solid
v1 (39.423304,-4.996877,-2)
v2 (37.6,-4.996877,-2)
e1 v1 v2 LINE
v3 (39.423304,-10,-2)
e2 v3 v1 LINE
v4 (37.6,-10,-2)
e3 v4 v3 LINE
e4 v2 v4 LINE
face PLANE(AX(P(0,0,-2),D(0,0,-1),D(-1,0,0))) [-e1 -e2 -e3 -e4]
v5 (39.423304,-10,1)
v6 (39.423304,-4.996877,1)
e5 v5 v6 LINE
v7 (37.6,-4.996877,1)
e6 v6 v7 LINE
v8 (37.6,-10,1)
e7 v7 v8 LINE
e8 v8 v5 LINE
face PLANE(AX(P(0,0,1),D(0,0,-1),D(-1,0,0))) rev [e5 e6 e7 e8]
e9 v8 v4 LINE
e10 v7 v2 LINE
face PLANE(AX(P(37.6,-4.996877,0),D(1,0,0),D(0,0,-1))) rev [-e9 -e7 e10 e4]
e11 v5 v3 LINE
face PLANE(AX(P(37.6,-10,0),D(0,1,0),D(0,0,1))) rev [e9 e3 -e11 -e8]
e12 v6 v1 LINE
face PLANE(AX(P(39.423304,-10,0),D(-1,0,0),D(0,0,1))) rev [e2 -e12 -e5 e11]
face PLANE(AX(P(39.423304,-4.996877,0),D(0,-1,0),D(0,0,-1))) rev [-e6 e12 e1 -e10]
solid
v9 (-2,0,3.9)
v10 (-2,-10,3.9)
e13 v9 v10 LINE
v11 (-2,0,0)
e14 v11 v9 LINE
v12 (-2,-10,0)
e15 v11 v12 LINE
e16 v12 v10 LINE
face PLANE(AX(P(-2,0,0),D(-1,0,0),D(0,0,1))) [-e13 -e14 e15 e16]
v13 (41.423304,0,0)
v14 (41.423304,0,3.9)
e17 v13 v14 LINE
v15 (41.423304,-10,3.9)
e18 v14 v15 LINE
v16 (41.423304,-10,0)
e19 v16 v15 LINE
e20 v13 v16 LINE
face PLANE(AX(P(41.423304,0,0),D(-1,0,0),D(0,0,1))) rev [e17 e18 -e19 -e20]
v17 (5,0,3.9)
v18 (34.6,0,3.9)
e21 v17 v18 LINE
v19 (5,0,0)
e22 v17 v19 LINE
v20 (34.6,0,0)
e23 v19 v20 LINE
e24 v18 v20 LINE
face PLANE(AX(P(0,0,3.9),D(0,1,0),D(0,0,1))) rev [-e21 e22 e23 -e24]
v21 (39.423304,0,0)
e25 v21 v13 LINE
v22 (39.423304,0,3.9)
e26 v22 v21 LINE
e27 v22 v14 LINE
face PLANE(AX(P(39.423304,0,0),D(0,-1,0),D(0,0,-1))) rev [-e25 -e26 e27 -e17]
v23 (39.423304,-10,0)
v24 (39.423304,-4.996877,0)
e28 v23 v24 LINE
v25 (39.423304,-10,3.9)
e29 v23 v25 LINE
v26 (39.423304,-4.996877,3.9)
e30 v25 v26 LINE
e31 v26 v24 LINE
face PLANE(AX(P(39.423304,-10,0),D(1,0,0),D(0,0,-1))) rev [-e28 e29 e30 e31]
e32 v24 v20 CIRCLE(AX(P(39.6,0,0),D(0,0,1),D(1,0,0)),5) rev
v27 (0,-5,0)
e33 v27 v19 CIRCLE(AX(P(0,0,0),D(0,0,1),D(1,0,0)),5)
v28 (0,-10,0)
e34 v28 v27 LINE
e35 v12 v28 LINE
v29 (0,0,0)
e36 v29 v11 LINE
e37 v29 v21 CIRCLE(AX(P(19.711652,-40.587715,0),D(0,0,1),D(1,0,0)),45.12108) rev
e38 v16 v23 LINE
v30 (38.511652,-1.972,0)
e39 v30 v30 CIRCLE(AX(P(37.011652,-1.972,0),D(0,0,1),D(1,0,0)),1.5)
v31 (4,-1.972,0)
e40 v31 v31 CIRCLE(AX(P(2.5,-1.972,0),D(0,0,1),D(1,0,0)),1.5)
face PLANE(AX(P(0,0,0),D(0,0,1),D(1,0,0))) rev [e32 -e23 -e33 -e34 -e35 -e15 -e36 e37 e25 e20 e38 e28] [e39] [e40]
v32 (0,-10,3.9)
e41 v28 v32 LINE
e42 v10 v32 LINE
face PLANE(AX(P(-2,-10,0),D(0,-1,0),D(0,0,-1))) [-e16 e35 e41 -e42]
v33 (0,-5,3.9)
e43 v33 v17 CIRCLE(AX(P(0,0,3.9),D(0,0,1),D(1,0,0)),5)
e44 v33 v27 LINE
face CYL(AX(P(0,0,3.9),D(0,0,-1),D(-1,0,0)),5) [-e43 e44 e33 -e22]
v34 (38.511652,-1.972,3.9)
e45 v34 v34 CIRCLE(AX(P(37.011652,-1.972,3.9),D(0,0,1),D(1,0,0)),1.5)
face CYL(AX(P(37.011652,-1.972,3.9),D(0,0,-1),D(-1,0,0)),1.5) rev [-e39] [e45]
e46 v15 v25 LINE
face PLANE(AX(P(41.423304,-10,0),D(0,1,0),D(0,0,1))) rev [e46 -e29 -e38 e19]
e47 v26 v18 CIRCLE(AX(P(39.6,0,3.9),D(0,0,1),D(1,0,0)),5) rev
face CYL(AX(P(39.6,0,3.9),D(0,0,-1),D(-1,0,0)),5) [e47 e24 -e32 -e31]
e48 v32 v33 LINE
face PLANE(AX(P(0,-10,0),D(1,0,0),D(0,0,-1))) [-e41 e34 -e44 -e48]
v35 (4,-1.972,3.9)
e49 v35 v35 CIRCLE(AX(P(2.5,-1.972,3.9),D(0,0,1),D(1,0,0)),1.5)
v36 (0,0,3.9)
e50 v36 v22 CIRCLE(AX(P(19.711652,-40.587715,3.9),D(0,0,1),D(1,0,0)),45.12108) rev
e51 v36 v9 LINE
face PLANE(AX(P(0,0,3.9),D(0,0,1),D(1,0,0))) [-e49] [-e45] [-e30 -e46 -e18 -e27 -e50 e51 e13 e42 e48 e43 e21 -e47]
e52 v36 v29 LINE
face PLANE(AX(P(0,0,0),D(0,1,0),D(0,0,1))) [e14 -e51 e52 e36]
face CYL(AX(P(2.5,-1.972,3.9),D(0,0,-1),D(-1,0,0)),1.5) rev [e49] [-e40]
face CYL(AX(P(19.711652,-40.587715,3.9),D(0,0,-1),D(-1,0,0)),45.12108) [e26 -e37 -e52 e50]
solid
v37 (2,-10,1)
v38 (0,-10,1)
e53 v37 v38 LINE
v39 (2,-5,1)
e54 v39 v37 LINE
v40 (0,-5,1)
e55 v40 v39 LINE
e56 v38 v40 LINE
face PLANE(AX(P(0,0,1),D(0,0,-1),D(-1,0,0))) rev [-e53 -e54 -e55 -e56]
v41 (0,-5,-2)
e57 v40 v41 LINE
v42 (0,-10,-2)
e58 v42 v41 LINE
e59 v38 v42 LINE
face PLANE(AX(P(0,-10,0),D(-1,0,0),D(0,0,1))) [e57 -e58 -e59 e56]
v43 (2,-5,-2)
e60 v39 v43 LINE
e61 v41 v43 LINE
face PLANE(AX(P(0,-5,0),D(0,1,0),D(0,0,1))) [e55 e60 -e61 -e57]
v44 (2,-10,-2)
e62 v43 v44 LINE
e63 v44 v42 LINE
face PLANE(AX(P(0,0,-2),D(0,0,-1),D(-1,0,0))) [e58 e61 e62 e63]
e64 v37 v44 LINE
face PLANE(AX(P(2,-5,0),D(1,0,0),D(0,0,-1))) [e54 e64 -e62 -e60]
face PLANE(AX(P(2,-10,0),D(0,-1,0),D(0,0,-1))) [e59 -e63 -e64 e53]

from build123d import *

# Parameters (mm, degrees)
CROQUIS1_R                     = 1.5
SALIENTE_EXTRUIR1_DEPTH        = 3.9
SALIENTE_EXTRUIR2_DEPTH        = 3.9
SALIENTE_EXTRUIR4_DEPTH        = 1
SALIENTE_EXTRUIR4_DEPTH_BACK   = 2
SALIENTE_EXTRUIR4_2_DEPTH      = 1
SALIENTE_EXTRUIR4_2_DEPTH_BACK = 2


with BuildPart() as part:
    # Croquis1 → Saliente-Extruir1 (new body)
    with BuildSketch(Plane.XY):
        with BuildLine():
            ThreePointArc((39.42330407, 0), (19.711652035, 4.533364671), (0, 0))
            Line((0, 0), (0, -5))
            ThreePointArc((0, -5), (3.535533906, -3.535533906), (5, 0))
            Line((5, 0), (34.6, 0))
            ThreePointArc((34.6, 0), (36.002537029, -3.472500565), (39.42330407, -4.996876879))
            Line((39.42330407, -4.996876879), (39.42330407, 0))
        make_face()
        with Locations((2.5, -1.972000375)):
            Circle(CROQUIS1_R, mode=Mode.SUBTRACT)
        with Locations((37.011652035, -1.972000375)):
            Circle(CROQUIS1_R, mode=Mode.SUBTRACT)
    extrude(amount=SALIENTE_EXTRUIR1_DEPTH)

    # Croquis3D3 → Saliente-Extruir2 (add)
    with BuildSketch(Plane(origin=(39.42330407, 0, 0), x_dir=(-0.9720754027566177, -0.2346687268375561, 0), z_dir=(0, 0, 1))):
        Polygon((0, 0), (-1.944150806, 0.469337454), (0.402536463, 10.190091481), (2.346687268, 9.720754028), align=None)
        Polygon((38.322424182, -9.251416574), (40.266574988, -9.720754028), (42.613262256, 0), (40.66911145, 0.469337454), align=None)
    extrude(amount=SALIENTE_EXTRUIR2_DEPTH)


with BuildPart() as body_2:
    # Croquis3D4 → Saliente-Extruir4 (new, two sides: drawn at the far end of the back side and taken through both)
    with BuildSketch(Plane(origin=(39.42330407, -4.996876879, 0), x_dir=(-0.9920431942742338, -0.12589797732360491, 0), z_dir=(0, 0, 1)).offset(-SALIENTE_EXTRUIR4_DEPTH_BACK)):
        Polygon((0, 0), (1.808796394, -0.229550294), (2.438679475, 4.733763947), (0.629883081, 4.963314242), align=None)
    extrude(amount=SALIENTE_EXTRUIR4_DEPTH + SALIENTE_EXTRUIR4_DEPTH_BACK)


with BuildPart() as body_3:
    # Croquis3D4 → Saliente-Extruir4 2 (new, two sides: drawn at the far end of the back side and taken through both)
    with BuildSketch(Plane(origin=(39.42330407, -4.996876879, 0), x_dir=(-0.9920431942742338, -0.12589797732360491, 0), z_dir=(0, 0, 1)).offset(-SALIENTE_EXTRUIR4_2_DEPTH_BACK)):
        Polygon((39.73950358, 0), (39.110013693, -4.960215971), (37.125927305, -4.708420017), (37.755417191, 0.251795955), align=None)
    extrude(amount=SALIENTE_EXTRUIR4_2_DEPTH + SALIENTE_EXTRUIR4_2_DEPTH_BACK)


solid = Compound([part.part, body_2.part, body_3.part])
